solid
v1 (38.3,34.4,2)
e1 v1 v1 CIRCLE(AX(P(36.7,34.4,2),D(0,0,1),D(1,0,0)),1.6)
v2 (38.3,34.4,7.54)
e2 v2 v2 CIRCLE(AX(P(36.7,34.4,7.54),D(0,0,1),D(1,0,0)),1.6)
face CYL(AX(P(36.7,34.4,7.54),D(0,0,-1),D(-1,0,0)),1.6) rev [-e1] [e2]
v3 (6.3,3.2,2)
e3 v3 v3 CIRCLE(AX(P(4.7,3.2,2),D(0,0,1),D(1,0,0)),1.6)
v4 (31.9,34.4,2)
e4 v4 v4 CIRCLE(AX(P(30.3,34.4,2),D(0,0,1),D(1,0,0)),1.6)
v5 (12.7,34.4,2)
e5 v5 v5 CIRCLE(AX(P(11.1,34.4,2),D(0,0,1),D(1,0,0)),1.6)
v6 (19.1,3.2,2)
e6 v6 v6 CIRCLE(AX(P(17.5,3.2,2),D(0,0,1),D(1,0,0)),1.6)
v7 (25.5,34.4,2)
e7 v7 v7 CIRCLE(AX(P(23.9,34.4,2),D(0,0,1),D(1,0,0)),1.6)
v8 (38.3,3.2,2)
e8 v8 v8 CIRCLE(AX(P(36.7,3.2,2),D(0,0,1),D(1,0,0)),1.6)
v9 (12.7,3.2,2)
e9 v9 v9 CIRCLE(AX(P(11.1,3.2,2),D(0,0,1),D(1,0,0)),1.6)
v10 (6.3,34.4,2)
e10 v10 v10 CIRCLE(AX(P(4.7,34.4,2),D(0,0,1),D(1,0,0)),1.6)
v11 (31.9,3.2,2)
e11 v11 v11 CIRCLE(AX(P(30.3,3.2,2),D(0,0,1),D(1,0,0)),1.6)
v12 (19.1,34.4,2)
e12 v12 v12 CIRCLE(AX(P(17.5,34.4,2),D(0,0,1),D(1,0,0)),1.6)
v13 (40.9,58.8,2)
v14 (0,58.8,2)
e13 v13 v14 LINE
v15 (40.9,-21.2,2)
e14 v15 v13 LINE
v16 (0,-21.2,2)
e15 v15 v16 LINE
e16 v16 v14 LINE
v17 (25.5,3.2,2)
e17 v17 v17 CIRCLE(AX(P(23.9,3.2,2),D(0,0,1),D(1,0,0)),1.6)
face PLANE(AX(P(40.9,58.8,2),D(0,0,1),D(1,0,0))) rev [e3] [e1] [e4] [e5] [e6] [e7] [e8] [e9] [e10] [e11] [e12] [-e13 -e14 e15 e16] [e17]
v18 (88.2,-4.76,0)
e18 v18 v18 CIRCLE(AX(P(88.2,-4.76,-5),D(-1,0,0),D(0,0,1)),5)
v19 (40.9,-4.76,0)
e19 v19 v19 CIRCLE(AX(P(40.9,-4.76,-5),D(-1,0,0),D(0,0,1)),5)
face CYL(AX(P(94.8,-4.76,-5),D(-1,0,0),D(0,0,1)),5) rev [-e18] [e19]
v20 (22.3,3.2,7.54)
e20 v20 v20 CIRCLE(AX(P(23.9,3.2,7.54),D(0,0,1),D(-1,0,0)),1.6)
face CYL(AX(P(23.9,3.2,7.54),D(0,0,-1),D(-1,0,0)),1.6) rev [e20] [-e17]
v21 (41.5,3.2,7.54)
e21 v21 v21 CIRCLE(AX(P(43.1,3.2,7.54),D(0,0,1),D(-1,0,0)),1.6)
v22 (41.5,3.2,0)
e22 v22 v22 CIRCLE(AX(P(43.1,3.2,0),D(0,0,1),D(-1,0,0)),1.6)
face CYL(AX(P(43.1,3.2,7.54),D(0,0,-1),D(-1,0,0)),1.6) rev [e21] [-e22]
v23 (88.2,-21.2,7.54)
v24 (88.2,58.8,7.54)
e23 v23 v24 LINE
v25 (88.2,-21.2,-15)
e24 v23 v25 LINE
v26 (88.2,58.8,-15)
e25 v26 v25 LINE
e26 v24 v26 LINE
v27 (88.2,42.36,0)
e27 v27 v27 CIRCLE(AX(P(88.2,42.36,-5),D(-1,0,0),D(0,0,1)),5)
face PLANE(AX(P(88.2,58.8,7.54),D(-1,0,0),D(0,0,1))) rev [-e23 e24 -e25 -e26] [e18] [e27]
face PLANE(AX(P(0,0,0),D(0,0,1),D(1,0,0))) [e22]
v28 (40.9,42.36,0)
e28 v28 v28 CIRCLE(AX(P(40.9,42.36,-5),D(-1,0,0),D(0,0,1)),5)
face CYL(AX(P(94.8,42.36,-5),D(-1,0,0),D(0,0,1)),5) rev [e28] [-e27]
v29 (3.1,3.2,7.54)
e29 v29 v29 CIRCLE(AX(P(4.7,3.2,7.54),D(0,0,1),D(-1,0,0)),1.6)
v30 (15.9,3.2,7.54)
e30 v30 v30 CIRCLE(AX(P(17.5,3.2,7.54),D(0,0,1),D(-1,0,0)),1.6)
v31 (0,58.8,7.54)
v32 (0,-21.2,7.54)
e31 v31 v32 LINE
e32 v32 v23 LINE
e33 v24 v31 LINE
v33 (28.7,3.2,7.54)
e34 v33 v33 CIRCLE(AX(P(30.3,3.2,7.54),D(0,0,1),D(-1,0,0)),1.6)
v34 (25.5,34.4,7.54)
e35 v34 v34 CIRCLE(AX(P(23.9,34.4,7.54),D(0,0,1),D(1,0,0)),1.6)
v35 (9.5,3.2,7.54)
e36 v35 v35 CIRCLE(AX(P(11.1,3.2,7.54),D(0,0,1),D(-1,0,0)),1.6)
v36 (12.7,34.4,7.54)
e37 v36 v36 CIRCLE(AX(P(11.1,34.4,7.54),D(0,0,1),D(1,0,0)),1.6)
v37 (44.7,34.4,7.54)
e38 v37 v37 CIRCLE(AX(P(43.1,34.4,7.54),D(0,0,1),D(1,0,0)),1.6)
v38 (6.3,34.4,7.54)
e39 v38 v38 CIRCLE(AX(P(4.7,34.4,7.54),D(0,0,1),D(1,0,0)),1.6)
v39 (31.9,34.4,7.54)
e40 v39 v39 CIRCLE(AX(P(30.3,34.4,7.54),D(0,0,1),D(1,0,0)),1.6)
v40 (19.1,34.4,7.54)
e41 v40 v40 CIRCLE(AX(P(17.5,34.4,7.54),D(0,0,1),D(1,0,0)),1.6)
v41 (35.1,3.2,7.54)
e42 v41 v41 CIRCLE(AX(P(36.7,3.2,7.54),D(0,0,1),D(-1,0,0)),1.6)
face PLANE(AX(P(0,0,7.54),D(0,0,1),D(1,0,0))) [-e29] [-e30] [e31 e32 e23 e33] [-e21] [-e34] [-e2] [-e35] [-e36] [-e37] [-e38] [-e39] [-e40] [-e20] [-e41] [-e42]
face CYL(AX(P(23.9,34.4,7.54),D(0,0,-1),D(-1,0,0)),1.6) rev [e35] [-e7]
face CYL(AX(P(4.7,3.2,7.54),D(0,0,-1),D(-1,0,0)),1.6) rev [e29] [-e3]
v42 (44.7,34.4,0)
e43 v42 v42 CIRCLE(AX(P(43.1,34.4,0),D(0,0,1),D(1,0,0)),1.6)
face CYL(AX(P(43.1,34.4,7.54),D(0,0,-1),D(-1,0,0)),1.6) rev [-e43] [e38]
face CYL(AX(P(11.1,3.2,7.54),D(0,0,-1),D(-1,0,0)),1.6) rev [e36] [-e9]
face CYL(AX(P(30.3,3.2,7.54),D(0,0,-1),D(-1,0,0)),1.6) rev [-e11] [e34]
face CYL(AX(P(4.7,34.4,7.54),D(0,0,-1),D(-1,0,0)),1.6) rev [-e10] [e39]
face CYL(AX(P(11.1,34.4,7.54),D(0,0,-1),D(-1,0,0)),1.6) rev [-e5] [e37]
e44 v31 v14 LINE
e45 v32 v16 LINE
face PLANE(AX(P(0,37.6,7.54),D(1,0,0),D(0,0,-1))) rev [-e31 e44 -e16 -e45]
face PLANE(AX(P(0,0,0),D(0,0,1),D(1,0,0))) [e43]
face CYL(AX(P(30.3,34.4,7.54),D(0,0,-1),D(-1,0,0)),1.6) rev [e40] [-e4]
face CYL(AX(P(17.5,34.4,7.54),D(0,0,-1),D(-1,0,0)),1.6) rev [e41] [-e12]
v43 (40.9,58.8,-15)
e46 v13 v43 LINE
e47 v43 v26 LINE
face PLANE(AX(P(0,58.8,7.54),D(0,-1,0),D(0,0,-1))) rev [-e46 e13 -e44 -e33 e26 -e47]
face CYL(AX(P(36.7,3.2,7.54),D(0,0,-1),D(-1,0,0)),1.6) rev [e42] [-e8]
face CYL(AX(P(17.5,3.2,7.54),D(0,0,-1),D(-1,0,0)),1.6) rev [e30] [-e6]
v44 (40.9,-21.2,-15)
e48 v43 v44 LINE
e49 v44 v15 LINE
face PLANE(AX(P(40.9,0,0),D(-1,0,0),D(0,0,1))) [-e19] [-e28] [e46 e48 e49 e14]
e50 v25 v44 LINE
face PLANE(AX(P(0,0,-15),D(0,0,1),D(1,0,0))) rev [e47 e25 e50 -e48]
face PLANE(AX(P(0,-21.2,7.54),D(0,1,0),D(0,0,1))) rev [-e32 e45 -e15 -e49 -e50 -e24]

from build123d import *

# Parameters (mm, degrees)
CROQUIS1_R              = 1.6
SALIENTE_EXTRUIR3_DEPTH = 7.54
CROQUIS3_W              = 48.3
CROQUIS3_H              = 80
SALIENTE_EXTRUIR4_DEPTH = 15
CORTAR_EXTRUIR1_DEPTH   = 40.9
CROQUIS5_R              = 5
CORTAR_EXTRUIR2_DEPTH   = 54.9


with BuildPart() as part:
    # Croquis1 → Saliente-Extruir3 (new body)
    with BuildSketch(Plane.XY):
        Polygon((88.2, 0), (88.2, 37.6), (88.2, 58.8), (0, 58.8), (0, 37.6), (0, 0), (0, -21.2), (88.2, -21.2), align=None)
        with Locations((4.7, 34.4)):
            Circle(CROQUIS1_R, mode=Mode.SUBTRACT)
        with Locations((11.1, 34.4)):
            Circle(CROQUIS1_R, mode=Mode.SUBTRACT)
        with Locations((17.5, 34.4)):
            Circle(CROQUIS1_R, mode=Mode.SUBTRACT)
        with Locations((23.9, 34.4)):
            Circle(CROQUIS1_R, mode=Mode.SUBTRACT)
        with Locations((30.3, 34.4)):
            Circle(CROQUIS1_R, mode=Mode.SUBTRACT)
        with Locations((36.7, 34.4)):
            Circle(CROQUIS1_R, mode=Mode.SUBTRACT)
        with Locations((43.1, 34.4)):
            Circle(CROQUIS1_R, mode=Mode.SUBTRACT)
        with Locations((43.1, 3.2)):
            Circle(CROQUIS1_R, mode=Mode.SUBTRACT)
        with Locations((36.7, 3.2)):
            Circle(CROQUIS1_R, mode=Mode.SUBTRACT)
        with Locations((30.3, 3.2)):
            Circle(CROQUIS1_R, mode=Mode.SUBTRACT)
        with Locations((23.9, 3.2)):
            Circle(CROQUIS1_R, mode=Mode.SUBTRACT)
        with Locations((17.5, 3.2)):
            Circle(CROQUIS1_R, mode=Mode.SUBTRACT)
        with Locations((11.1, 3.2)):
            Circle(CROQUIS1_R, mode=Mode.SUBTRACT)
        with Locations((4.7, 3.2)):
            Circle(CROQUIS1_R, mode=Mode.SUBTRACT)
    extrude(amount=SALIENTE_EXTRUIR3_DEPTH)

    # Croquis3 → Saliente-Extruir4 (add)
    with BuildSketch(Plane(origin=(0, 0, 0), x_dir=(-1, 0, 0), z_dir=(0, 0, -1))):
        with Locations((-64.05, 18.8)):
            Rectangle(CROQUIS3_W, CROQUIS3_H)
    extrude(amount=SALIENTE_EXTRUIR4_DEPTH)

    # Croquis6 → Cortar-Extruir1 (cut)
    with BuildSketch(Plane.ZY):
        Polygon((0, 58.8), (2, 58.8), (2, -21.2), (0, -21.2), (-15, -21.2), (-15, 58.8), align=None)
    extrude(amount=-CORTAR_EXTRUIR1_DEPTH, mode=Mode.SUBTRACT)

    # Croquis5 → Cortar-Extruir2 (cut)
    with BuildSketch(Plane.ZY.offset(-39.9)):
        with Locations((-5, 42.36)):
            Circle(CROQUIS5_R)
        with Locations((-5, -4.76)):
            Circle(CROQUIS5_R)
    extrude(amount=-CORTAR_EXTRUIR2_DEPTH, mode=Mode.SUBTRACT)


solid = part.part
